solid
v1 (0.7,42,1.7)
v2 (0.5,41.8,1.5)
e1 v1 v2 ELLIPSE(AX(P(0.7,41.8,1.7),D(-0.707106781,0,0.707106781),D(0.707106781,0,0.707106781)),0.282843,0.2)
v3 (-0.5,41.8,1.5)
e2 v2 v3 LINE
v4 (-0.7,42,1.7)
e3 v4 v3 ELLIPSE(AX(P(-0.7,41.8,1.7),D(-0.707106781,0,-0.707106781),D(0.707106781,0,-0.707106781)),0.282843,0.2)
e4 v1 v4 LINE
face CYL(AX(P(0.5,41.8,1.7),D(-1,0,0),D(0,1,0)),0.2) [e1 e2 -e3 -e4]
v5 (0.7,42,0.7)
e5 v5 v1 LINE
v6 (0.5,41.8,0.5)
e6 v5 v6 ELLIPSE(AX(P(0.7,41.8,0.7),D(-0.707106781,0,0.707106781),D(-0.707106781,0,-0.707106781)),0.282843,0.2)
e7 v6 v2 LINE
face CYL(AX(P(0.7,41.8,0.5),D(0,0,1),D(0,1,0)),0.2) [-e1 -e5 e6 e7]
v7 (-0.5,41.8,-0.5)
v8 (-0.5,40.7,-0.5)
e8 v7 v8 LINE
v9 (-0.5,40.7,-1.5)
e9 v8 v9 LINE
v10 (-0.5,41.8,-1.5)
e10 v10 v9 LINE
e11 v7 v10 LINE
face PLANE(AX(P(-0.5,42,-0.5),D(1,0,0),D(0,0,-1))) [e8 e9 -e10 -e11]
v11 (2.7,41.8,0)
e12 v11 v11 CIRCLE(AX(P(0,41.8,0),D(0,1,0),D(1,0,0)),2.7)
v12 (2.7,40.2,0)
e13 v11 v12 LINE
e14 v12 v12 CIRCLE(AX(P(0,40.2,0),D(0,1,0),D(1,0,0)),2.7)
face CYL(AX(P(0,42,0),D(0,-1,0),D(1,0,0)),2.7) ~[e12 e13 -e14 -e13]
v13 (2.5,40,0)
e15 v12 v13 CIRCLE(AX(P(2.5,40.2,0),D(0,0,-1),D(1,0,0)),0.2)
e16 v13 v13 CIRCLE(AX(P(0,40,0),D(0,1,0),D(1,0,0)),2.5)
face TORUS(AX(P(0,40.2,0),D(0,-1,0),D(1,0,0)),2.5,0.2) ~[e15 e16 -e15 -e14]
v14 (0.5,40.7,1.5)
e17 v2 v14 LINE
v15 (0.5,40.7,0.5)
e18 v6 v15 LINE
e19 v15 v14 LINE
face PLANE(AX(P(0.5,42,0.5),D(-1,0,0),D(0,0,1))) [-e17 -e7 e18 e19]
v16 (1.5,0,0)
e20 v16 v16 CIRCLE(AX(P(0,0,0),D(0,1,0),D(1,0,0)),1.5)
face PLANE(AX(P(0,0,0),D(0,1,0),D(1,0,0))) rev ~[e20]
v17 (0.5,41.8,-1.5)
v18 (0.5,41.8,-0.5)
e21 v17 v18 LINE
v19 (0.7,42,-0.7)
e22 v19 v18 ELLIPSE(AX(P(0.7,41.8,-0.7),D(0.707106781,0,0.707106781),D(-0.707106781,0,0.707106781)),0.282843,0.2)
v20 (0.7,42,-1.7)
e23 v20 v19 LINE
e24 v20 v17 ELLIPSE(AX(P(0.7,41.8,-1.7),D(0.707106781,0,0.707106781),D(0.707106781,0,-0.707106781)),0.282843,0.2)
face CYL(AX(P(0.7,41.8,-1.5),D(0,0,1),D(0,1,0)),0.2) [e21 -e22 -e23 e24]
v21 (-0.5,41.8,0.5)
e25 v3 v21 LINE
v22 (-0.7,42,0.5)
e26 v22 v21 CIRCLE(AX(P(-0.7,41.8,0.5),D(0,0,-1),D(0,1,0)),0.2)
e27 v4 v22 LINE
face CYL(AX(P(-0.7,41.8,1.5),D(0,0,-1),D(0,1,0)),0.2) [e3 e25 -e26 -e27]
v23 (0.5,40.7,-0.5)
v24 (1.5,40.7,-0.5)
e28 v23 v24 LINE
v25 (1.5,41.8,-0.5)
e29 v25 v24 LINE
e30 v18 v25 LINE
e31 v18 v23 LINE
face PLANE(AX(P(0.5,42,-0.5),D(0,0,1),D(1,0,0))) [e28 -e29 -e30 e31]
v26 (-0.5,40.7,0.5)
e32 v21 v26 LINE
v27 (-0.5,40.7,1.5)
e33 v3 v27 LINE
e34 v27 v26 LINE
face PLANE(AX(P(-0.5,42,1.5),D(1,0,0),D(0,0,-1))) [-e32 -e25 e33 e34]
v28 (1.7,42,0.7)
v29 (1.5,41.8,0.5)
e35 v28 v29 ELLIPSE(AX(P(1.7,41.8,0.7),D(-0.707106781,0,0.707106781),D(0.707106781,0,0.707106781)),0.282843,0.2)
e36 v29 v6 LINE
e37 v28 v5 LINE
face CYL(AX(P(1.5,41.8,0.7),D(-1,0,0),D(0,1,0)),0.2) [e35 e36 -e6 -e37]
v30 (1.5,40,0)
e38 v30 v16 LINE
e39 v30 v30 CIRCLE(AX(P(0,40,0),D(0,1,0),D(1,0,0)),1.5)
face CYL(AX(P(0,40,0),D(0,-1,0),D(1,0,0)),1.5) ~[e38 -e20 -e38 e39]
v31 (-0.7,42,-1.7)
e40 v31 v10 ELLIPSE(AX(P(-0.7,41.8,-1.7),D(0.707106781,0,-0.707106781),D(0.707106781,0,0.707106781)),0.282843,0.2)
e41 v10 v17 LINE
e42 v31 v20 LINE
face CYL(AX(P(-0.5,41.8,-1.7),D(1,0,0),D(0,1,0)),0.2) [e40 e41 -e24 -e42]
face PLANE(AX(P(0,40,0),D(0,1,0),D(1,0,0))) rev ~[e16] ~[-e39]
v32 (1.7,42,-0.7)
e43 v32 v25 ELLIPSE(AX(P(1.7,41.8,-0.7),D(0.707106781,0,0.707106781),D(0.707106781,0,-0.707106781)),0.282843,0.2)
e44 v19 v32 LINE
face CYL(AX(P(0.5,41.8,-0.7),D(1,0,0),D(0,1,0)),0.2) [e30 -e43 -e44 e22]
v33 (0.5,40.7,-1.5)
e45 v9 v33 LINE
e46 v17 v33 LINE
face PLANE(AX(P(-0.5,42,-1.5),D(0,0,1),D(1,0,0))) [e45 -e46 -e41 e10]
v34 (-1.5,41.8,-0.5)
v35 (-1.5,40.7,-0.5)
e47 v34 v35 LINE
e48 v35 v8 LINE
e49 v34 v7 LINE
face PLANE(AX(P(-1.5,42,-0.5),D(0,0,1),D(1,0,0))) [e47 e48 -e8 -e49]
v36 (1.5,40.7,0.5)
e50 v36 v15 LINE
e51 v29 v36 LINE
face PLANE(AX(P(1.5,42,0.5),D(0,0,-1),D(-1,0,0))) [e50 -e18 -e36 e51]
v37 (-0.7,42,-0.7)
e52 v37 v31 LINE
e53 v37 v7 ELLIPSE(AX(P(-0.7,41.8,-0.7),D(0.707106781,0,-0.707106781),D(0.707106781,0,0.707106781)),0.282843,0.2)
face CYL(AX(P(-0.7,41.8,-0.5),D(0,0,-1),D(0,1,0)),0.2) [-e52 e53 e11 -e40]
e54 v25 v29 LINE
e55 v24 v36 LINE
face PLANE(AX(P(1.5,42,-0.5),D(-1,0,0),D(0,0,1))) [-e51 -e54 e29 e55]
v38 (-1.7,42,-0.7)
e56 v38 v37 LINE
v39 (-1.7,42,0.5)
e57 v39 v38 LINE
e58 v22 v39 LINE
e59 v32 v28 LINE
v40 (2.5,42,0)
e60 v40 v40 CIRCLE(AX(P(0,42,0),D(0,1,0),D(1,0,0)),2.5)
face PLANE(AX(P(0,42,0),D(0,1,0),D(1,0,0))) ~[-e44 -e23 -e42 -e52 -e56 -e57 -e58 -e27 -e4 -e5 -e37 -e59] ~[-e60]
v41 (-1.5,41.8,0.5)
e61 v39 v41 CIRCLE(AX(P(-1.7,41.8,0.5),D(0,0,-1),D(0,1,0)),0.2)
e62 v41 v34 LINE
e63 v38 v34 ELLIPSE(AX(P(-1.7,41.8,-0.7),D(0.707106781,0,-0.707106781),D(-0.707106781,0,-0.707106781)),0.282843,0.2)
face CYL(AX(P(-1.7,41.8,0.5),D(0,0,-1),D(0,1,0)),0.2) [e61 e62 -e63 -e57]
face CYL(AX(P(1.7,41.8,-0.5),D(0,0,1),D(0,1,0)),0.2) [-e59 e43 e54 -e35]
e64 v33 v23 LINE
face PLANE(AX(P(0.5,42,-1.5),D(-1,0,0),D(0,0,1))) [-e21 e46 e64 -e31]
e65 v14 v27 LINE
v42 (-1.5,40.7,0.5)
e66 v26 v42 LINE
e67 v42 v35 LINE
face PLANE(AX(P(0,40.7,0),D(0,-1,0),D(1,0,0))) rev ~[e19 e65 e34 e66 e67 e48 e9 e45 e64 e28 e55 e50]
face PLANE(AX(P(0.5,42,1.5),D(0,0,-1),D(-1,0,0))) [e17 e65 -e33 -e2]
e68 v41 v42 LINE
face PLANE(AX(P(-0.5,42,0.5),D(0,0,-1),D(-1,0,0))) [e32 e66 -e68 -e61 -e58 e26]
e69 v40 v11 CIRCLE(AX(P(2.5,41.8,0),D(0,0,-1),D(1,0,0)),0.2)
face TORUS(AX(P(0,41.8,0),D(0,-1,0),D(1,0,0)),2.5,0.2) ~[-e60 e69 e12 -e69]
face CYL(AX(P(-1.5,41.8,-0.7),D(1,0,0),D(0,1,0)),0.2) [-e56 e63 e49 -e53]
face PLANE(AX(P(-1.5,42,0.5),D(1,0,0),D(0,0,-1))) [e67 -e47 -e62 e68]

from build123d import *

# Parameters (mm, degrees)
FILLET_R     = 0.2
POCKET_DEPTH = 1.3
FILLET001_R  = 0.2


with BuildPart() as part:
    # Sketch → Revolution (revolve)
    with BuildSketch(Plane.XY):
        Polygon((0, 0), (0, 42), (2.7, 42), (2.7, 40), (1.5, 40), (1.5, 0), align=None)
    revolve(axis=Axis((0, 0, 0), (0, 1, 0)))

    # Fillet
    fillet_edges = [part.edges().sort_by_distance(p)[0] for p in [
        (-2.7, 40, 0),
        (-2.7, 42, 0),
    ]]
    fillet(fillet_edges, radius=FILLET_R)

    # Sketch001 (on Face1 of Fillet) → Pocket (cut)
    with BuildSketch(Plane(origin=(0, 42, 0), x_dir=(-1, 0, 0), z_dir=(0, 1, 0))):
        Polygon((0.5, 1.5), (0.5, 0.5), (1.5, 0.5), (1.5, -0.5), (0.5, -0.5), (0.5, -1.5), (-0.5, -1.5), (-0.5, -0.5), (-1.5, -0.5), (-1.5, 0.5), (-0.5, 0.5), (-0.5, 1.5), align=None)
    extrude(amount=-POCKET_DEPTH, mode=Mode.SUBTRACT)

    # Fillet001
    fillet001_edges = [part.edges().sort_by_distance(p)[0] for p in [
        (0, 42, -1.5),
        (0.5, 42, -1),
        (1, 42, -0.5),
        (1.5, 42, 0),
        (1, 42, 0.5),
        (0.5, 42, 1),
        (-0.5, 42, 1),
        (0, 42, 1.5),
        (-1.5, 42, 0),
        (-1, 42, -0.5),
        (-0.5, 42, -1),
    ]]
    fillet(fillet001_edges, radius=FILLET001_R)


solid = part.part
